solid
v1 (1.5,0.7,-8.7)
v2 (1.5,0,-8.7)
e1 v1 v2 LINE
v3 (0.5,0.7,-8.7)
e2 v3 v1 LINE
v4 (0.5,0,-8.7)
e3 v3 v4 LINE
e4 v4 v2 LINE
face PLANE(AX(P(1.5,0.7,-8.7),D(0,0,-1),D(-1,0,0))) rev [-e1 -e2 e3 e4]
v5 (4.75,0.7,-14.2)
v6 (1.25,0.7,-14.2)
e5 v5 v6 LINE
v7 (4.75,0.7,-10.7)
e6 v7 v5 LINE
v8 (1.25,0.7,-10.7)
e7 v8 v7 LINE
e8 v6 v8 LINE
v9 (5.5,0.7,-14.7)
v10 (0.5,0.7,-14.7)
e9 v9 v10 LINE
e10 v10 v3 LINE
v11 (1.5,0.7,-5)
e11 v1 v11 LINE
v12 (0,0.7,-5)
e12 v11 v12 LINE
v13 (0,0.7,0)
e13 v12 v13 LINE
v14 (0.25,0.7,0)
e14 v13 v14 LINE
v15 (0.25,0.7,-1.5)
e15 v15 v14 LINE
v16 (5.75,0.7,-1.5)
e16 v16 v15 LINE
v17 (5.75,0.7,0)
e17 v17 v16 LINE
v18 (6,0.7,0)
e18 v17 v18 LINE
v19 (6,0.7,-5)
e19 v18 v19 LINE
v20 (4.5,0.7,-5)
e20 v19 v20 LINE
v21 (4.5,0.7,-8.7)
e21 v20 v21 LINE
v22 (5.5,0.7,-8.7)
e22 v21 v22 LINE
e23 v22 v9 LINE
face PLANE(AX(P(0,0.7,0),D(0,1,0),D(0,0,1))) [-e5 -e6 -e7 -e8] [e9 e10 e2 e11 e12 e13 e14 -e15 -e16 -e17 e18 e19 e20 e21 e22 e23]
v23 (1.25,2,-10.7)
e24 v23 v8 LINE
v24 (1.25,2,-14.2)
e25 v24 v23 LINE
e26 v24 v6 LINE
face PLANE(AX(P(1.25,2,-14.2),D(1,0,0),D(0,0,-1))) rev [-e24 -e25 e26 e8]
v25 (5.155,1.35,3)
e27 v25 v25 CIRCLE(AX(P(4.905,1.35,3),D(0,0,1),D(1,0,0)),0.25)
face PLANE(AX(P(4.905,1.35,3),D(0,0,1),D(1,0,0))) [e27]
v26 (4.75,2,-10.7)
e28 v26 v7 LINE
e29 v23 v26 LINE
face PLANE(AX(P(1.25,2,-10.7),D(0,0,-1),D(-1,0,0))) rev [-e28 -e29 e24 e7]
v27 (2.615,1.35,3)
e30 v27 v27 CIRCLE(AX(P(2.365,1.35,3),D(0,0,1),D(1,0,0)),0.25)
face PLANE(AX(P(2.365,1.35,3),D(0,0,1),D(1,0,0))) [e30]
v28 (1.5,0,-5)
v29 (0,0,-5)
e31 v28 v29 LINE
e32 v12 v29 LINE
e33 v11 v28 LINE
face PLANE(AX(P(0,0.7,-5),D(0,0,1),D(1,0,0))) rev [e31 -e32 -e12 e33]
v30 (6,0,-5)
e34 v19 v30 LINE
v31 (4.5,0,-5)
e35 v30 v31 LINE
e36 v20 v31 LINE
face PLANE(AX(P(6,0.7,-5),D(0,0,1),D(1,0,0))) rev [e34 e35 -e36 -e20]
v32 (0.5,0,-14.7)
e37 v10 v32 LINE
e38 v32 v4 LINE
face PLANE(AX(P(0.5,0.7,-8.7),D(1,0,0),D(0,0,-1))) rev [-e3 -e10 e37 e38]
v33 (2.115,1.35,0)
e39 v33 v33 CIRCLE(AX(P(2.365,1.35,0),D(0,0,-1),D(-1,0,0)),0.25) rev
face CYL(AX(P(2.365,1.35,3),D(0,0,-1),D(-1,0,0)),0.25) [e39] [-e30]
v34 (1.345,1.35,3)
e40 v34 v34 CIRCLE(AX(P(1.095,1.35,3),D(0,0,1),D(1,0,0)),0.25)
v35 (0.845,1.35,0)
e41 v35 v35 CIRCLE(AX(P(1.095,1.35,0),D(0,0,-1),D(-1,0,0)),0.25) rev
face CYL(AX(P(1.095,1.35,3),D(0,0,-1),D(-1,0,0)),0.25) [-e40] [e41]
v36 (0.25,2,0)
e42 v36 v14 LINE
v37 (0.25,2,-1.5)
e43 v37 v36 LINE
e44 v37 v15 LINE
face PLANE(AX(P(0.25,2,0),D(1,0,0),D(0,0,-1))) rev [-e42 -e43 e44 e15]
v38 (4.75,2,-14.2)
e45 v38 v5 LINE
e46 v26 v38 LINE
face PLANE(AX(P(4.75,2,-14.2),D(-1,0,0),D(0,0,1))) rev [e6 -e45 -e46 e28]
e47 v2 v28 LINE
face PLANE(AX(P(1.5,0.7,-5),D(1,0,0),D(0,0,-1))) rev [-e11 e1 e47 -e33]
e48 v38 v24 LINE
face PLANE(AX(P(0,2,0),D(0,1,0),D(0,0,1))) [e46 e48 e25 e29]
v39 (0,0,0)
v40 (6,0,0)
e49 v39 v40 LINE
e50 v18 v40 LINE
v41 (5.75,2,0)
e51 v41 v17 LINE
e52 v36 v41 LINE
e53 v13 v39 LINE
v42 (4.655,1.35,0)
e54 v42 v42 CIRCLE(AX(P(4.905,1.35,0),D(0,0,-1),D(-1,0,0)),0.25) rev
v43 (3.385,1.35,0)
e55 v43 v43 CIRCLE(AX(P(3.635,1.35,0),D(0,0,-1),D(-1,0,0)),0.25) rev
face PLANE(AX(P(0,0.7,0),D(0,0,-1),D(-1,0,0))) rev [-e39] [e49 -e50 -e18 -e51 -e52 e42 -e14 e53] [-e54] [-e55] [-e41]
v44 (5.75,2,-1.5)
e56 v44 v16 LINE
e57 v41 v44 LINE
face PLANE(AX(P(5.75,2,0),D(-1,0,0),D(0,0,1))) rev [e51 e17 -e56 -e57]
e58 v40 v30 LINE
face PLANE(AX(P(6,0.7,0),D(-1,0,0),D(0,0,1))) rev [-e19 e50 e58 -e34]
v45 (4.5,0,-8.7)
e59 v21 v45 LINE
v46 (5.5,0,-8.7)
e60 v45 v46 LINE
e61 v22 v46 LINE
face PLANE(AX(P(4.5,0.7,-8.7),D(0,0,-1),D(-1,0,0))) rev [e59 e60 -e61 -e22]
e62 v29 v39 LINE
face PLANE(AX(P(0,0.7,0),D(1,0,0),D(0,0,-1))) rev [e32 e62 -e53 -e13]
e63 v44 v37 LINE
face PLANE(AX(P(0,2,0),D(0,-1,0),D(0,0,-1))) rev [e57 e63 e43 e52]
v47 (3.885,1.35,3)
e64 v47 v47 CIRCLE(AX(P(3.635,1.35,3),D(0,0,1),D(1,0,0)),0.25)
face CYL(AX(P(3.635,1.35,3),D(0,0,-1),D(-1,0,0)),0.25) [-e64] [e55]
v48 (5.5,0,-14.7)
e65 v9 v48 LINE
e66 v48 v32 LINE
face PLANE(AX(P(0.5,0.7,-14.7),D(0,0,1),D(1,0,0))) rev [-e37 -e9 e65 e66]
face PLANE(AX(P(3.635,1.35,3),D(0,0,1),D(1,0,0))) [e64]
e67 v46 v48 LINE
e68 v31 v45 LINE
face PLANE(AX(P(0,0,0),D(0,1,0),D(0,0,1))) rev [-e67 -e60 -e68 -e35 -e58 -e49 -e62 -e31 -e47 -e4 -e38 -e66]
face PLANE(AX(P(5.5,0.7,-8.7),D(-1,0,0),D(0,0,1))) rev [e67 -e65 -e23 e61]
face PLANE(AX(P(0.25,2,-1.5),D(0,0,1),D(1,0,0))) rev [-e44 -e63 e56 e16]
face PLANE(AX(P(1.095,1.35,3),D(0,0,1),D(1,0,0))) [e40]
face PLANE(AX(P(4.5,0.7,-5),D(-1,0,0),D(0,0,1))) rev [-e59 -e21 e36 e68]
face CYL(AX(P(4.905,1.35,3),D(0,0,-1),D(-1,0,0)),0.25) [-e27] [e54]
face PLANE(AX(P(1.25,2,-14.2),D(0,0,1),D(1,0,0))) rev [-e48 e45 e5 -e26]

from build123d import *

# Parameters (mm, degrees)
BOSS_EXTRUDE1_DEPTH = 0.7
SKETCH2_W           = 3.5
SKETCH2_H           = 3.5
SKETCH2_W_2         = 5.5
SKETCH2_H_2         = 1.5
BOSS_EXTRUDE2_DEPTH = 1.3
SKETCH3_R           = 0.25
BOSS_EXTRUDE3_DEPTH = 3


with BuildPart() as part:
    # Sketch1 → Boss-Extrude1 (new body)
    with BuildSketch(Plane(origin=(0, 0, 0), x_dir=(1, 0, 0), z_dir=(0, 1, 0))):
        Polygon((0, 0), (0, 5), (1.5, 5), (1.5, 8.7), (0.5, 8.7), (0.5, 14.7), (5.5, 14.7), (5.5, 8.7), (4.5, 8.7), (4.5, 5), (6, 5), (6, 0), align=None)
    extrude(amount=BOSS_EXTRUDE1_DEPTH)

    # Sketch2 → Boss-Extrude2 (add)
    with BuildSketch(Plane(origin=(0, 0.7, 0), x_dir=(1, 0, 0), z_dir=(0, 1, 0))):
        with Locations((3, 12.45)):
            Rectangle(SKETCH2_W, SKETCH2_H)
        with Locations((3, 0.75)):
            Rectangle(SKETCH2_W_2, SKETCH2_H_2)
    extrude(amount=BOSS_EXTRUDE2_DEPTH)

    # Sketch3 → Boss-Extrude3 (add)
    with BuildSketch(Plane.XY):
        with Locations(Location((1.095, 1.35, 0), (0, 0, 180))):
            Circle(SKETCH3_R)
        with Locations(Location((2.365, 1.35, 0), (0, 0, 180))):
            Circle(SKETCH3_R)
        with Locations(Location((3.635, 1.35, 0), (0, 0, 180))):
            Circle(SKETCH3_R)
        with Locations(Location((4.905, 1.35, 0), (0, 0, 180))):
            Circle(SKETCH3_R)
    extrude(amount=BOSS_EXTRUDE3_DEPTH)


solid = part.part
